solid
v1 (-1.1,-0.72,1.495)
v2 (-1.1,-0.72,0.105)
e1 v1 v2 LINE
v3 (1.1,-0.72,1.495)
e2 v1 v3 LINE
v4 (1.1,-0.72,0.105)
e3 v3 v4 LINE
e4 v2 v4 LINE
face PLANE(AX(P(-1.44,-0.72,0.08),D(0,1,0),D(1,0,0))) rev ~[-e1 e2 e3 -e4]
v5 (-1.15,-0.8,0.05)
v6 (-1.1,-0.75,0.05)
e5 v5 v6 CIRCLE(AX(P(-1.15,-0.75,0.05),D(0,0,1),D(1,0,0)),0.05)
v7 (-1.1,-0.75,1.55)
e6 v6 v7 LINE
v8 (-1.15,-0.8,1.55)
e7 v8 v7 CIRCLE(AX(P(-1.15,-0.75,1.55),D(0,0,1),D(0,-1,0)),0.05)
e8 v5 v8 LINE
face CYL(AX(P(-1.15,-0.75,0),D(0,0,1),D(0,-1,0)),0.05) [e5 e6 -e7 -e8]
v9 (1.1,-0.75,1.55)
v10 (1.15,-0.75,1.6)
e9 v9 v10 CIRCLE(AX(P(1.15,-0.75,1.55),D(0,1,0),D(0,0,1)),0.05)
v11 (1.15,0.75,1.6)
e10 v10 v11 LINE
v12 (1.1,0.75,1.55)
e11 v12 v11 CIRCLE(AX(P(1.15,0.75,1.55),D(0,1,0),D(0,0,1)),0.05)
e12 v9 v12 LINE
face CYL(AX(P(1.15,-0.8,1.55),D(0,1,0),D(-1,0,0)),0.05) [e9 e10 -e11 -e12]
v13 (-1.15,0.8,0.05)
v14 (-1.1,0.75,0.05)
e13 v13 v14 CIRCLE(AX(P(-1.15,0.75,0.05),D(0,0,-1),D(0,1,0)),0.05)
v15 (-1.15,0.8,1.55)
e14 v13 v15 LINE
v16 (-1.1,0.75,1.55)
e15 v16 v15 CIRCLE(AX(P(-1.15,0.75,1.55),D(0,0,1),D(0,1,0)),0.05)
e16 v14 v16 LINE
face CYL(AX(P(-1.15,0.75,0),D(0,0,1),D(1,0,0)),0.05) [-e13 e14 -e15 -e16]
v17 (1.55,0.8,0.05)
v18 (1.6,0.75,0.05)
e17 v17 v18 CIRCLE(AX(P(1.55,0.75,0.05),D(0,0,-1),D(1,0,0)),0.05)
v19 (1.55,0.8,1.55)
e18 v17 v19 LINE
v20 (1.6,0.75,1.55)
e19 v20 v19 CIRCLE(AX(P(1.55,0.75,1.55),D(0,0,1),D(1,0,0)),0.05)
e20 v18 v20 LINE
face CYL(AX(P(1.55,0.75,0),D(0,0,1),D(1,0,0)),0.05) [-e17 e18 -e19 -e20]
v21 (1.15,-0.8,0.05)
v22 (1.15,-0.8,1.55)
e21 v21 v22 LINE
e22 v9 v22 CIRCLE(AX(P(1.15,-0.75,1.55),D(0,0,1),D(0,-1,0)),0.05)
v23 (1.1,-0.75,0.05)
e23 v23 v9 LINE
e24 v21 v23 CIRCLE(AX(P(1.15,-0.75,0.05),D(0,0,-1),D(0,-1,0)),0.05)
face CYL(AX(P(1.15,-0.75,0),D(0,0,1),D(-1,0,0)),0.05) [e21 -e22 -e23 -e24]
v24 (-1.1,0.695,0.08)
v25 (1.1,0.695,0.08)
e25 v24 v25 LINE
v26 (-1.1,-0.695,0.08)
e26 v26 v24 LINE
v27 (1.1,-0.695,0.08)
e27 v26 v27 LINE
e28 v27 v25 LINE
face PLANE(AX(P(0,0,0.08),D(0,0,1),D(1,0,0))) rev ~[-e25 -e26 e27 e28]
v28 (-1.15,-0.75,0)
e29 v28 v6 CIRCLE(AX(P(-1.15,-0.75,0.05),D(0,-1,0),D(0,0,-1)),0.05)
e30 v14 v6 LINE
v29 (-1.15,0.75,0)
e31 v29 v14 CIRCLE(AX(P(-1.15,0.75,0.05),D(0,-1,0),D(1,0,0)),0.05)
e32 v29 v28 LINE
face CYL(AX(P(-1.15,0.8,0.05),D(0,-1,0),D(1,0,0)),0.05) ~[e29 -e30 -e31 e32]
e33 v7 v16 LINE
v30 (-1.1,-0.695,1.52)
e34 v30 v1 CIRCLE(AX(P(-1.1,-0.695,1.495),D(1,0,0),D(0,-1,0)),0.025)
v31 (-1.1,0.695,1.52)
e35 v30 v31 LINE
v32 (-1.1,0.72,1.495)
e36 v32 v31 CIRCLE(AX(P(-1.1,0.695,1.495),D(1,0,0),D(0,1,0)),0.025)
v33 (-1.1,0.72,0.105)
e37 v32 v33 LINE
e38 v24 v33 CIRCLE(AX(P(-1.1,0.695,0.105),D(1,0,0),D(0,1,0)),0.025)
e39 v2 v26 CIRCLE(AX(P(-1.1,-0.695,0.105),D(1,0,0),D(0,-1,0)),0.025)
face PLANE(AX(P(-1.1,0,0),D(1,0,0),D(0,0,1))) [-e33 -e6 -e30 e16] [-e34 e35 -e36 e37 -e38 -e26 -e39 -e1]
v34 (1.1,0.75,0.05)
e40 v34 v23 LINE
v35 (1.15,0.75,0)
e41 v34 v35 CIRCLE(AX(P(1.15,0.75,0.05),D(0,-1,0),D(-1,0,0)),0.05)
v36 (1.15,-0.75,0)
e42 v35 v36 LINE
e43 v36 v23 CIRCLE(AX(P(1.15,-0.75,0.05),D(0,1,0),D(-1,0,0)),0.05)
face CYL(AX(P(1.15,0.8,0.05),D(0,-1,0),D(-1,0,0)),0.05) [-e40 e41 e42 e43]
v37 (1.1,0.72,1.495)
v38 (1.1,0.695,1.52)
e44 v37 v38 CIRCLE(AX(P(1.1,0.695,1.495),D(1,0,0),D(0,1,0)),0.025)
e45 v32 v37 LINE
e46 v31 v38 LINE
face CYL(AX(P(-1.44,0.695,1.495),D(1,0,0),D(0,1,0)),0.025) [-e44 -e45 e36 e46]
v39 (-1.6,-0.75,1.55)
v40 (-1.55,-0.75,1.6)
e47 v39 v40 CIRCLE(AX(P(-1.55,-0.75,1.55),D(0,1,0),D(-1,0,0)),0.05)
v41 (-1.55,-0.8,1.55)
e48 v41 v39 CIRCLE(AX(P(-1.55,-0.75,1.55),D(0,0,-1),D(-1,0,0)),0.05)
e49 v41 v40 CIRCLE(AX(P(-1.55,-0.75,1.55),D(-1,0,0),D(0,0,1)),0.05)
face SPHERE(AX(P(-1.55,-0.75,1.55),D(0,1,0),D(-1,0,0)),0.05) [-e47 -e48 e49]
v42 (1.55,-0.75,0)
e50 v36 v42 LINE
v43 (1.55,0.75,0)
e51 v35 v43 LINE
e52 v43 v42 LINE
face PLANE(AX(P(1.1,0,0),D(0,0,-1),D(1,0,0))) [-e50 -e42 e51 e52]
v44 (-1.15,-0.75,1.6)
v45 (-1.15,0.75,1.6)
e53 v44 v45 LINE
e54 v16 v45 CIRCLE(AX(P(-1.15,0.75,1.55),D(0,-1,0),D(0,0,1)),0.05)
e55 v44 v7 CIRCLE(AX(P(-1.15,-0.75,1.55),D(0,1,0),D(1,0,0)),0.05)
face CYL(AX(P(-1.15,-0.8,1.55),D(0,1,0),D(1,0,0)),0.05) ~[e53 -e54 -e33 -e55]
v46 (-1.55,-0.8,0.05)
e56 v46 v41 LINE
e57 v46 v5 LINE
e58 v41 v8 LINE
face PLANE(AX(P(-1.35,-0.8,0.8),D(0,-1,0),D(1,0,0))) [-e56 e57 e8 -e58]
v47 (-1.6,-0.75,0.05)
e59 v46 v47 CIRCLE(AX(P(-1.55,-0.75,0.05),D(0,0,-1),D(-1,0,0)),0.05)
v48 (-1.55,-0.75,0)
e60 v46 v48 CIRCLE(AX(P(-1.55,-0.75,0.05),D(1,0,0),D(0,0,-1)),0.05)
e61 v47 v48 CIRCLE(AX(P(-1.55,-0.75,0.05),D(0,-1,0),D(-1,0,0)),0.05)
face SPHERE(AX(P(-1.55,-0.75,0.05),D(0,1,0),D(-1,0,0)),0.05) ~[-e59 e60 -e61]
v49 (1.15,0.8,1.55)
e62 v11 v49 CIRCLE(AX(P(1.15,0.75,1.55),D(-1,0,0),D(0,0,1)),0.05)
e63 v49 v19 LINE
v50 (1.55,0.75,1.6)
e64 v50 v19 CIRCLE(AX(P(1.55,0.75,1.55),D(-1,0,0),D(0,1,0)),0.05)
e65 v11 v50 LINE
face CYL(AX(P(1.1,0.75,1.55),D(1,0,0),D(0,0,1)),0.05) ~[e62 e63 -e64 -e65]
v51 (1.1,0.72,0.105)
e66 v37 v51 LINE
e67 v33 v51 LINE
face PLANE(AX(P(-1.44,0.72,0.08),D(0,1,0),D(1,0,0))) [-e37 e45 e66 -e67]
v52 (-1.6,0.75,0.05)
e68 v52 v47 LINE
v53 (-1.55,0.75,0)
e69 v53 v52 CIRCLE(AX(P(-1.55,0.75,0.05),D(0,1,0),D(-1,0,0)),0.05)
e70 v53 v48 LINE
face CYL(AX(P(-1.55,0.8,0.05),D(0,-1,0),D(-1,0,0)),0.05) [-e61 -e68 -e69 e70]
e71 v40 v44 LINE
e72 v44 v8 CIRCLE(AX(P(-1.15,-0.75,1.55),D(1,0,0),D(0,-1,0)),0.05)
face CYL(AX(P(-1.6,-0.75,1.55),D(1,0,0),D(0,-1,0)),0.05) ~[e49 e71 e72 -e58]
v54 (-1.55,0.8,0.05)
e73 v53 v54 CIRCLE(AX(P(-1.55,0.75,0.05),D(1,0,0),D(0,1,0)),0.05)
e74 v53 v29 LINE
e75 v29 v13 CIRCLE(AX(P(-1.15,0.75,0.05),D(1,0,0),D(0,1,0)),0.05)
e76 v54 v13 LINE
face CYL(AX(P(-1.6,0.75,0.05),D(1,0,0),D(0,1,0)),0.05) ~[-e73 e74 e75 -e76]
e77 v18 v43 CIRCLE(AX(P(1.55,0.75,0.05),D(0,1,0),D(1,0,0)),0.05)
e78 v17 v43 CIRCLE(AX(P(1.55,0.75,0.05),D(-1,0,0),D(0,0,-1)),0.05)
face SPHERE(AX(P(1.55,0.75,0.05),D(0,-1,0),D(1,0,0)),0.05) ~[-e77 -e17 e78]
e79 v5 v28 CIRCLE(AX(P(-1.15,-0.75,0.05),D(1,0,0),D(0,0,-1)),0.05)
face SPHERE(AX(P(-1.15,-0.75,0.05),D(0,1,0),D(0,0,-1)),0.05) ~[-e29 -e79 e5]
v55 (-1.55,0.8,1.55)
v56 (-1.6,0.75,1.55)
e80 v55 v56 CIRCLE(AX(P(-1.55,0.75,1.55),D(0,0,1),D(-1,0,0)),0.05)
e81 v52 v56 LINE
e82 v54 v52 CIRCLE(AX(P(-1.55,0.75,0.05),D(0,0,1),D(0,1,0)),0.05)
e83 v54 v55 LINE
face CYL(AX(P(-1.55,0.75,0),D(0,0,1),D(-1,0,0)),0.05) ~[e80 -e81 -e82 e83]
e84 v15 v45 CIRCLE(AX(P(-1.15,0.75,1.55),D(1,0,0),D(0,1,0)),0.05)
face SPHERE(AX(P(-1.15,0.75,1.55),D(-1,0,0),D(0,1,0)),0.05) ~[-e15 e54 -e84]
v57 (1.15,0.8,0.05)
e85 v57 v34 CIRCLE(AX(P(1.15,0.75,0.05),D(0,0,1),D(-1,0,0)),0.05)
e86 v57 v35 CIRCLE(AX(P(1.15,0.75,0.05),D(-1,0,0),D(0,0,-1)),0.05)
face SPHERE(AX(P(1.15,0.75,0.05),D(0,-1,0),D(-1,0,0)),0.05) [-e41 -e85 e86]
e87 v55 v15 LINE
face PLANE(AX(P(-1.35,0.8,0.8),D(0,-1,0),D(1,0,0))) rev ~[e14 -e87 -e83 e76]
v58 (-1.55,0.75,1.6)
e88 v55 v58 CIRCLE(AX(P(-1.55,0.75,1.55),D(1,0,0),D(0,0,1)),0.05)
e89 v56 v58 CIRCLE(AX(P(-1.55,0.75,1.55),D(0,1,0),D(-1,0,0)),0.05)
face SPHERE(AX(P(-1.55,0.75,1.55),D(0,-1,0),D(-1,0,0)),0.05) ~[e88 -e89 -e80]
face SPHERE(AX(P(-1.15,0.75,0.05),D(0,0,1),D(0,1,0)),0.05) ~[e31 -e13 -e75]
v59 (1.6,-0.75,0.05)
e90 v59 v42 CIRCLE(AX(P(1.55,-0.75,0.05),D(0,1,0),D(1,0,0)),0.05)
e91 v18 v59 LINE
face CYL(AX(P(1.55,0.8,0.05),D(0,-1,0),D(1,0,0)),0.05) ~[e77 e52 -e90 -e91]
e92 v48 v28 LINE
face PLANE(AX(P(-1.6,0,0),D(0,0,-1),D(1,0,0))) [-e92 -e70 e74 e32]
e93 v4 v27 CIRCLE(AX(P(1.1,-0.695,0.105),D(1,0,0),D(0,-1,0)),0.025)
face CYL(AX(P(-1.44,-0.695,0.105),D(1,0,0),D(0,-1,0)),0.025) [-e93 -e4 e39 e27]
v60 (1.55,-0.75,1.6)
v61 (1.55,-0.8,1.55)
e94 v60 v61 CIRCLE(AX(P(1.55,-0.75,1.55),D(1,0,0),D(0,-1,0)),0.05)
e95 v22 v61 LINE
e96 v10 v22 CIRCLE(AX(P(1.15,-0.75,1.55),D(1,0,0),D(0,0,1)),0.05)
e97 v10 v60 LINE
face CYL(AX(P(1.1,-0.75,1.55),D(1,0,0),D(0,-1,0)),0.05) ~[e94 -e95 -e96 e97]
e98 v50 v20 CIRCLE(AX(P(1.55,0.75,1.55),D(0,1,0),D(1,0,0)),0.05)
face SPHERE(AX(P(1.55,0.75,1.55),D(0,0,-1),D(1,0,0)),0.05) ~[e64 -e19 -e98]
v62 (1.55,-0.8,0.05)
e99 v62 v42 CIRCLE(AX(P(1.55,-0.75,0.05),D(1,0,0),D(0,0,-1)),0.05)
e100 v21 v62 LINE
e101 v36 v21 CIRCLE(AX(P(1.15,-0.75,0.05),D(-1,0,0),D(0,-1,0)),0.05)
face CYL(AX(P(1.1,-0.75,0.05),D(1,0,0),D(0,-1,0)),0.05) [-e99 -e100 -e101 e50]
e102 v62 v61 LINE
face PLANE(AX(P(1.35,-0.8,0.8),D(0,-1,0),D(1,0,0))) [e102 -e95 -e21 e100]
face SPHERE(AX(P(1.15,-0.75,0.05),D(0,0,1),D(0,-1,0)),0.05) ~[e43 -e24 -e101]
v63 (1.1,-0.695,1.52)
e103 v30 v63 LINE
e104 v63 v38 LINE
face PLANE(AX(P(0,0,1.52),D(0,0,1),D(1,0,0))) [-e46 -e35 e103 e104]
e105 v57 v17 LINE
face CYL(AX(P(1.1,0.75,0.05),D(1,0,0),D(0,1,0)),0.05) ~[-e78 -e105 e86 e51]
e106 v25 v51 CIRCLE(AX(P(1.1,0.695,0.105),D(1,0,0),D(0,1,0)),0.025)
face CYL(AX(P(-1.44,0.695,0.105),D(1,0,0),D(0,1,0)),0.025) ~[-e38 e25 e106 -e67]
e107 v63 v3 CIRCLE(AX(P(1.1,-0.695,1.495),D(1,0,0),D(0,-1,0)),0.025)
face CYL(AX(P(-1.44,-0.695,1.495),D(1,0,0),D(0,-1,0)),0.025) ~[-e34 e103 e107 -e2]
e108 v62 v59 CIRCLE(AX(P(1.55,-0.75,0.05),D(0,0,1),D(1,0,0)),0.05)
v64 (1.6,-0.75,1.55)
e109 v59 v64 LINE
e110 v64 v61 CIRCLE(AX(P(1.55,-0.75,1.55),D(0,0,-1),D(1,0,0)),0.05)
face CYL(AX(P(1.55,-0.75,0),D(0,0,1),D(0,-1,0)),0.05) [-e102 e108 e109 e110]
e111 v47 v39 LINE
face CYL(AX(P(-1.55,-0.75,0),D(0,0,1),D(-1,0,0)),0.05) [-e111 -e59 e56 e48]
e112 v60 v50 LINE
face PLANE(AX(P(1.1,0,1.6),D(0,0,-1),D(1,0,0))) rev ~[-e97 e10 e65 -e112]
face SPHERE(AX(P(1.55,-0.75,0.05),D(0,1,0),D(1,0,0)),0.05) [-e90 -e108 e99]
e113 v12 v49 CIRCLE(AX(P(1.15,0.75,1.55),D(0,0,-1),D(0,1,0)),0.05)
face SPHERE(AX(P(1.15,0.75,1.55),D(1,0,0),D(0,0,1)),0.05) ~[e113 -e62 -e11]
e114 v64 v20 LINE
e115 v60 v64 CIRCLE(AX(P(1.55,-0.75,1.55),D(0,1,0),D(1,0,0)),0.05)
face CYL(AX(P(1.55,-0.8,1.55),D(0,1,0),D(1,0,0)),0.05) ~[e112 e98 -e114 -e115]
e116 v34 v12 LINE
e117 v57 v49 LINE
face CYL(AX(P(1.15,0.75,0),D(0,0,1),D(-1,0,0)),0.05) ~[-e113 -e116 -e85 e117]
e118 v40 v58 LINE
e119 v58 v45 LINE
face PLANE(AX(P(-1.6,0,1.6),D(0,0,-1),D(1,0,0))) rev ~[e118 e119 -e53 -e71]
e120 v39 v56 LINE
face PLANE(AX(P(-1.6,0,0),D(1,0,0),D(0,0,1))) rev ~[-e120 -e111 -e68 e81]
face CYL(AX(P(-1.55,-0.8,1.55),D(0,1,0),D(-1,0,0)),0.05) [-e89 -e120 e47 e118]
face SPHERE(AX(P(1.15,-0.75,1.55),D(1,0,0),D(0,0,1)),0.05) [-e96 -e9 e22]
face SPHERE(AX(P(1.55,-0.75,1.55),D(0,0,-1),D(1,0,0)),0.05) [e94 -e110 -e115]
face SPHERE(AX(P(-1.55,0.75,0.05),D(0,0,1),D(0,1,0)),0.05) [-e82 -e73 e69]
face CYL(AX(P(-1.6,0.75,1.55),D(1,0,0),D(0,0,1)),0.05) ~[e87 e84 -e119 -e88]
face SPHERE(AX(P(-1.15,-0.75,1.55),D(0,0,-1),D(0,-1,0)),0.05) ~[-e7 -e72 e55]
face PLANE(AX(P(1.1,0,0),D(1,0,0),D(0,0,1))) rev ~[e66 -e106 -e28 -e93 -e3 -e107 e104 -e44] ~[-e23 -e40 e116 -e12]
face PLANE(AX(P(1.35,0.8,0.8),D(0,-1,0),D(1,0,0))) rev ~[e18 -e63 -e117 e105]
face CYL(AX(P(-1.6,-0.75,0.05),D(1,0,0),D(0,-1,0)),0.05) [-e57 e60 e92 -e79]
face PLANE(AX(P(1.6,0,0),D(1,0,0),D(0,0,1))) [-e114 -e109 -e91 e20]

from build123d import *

# Parameters (mm, degrees)
SKETCH001_W  = 0.5
SKETCH001_H  = 1.6
PAD001_DEPTH = 0.8
FILLET_R     = 0.05
SKETCH002_W  = 0.5
SKETCH002_H  = 1.6
PAD002_DEPTH = 0.8
FILLET001_R  = 0.05
SKETCH_W     = 2.88
SKETCH_H     = 1.44
PAD_DEPTH    = 1.44
FILLET002_R  = 0.025


with BuildPart() as body001:
    # Sketch001 → Pad001 (new body, symmetric)
    with BuildSketch(Plane.XZ):
        with Locations((-1.35, 0.8)):
            Rectangle(SKETCH001_W, SKETCH001_H)
    extrude(amount=PAD001_DEPTH, both=True)

    # Fillet
    fillet_edges = [body001.edges().sort_by_distance(p)[0] for p in [
        (-1.6, 0, 1.6),
        (-1.6, 0.8, 0.8),
        (-1.35, 0.8, 1.6),
        (-1.1, 0.8, 0.8),
        (-1.35, 0.8, 0),
        (-1.1, 0, 0),
        (-1.6, 0, 0),
        (-1.6, -0.8, 0.8),
        (-1.35, -0.8, 0),
        (-1.1, -0.8, 0.8),
        (-1.35, -0.8, 1.6),
        (-1.1, 0, 1.6),
    ]]
    fillet(fillet_edges, radius=FILLET_R)


with BuildPart() as body002:
    # Sketch002 → Pad002 (new body, symmetric)
    with BuildSketch(Plane.XZ):
        with Locations((1.35, 0.8)):
            Rectangle(SKETCH002_W, SKETCH002_H)
    extrude(amount=PAD002_DEPTH, both=True)

    # Fillet001
    fillet001_edges = [body002.edges().sort_by_distance(p)[0] for p in [
        (1.6, 0, 0),
        (1.6, 0.8, 0.8),
        (1.6, -0.8, 0.8),
        (1.6, 0, 1.6),
        (1.35, -0.8, 1.6),
        (1.35, 0.8, 1.6),
        (1.1, 0, 1.6),
        (1.1, -0.8, 0.8),
        (1.35, -0.8, 0),
        (1.1, 0, 0),
        (1.1, 0.8, 0.8),
        (1.35, 0.8, 0),
    ]]
    fillet(fillet001_edges, radius=FILLET001_R)


with BuildPart() as fusion:
    # Sketch → Pad (new body)
    with BuildSketch(Plane.XY.offset(0.08)):
        Rectangle(SKETCH_W, SKETCH_H)
    extrude(amount=PAD_DEPTH)

    # Fillet002
    fillet002_edges = [fusion.edges().sort_by_distance(p)[0] for p in [
        (0, -0.72, 1.52),
        (0, 0.72, 1.52),
        (0, -0.72, 0.08),
        (0, 0.72, 0.08),
    ]]
    fillet(fillet002_edges, radius=FILLET002_R)

    # Fusion: union Body001, Body002
    add(body001.part)
    add(body002.part)


solid = fusion.part
